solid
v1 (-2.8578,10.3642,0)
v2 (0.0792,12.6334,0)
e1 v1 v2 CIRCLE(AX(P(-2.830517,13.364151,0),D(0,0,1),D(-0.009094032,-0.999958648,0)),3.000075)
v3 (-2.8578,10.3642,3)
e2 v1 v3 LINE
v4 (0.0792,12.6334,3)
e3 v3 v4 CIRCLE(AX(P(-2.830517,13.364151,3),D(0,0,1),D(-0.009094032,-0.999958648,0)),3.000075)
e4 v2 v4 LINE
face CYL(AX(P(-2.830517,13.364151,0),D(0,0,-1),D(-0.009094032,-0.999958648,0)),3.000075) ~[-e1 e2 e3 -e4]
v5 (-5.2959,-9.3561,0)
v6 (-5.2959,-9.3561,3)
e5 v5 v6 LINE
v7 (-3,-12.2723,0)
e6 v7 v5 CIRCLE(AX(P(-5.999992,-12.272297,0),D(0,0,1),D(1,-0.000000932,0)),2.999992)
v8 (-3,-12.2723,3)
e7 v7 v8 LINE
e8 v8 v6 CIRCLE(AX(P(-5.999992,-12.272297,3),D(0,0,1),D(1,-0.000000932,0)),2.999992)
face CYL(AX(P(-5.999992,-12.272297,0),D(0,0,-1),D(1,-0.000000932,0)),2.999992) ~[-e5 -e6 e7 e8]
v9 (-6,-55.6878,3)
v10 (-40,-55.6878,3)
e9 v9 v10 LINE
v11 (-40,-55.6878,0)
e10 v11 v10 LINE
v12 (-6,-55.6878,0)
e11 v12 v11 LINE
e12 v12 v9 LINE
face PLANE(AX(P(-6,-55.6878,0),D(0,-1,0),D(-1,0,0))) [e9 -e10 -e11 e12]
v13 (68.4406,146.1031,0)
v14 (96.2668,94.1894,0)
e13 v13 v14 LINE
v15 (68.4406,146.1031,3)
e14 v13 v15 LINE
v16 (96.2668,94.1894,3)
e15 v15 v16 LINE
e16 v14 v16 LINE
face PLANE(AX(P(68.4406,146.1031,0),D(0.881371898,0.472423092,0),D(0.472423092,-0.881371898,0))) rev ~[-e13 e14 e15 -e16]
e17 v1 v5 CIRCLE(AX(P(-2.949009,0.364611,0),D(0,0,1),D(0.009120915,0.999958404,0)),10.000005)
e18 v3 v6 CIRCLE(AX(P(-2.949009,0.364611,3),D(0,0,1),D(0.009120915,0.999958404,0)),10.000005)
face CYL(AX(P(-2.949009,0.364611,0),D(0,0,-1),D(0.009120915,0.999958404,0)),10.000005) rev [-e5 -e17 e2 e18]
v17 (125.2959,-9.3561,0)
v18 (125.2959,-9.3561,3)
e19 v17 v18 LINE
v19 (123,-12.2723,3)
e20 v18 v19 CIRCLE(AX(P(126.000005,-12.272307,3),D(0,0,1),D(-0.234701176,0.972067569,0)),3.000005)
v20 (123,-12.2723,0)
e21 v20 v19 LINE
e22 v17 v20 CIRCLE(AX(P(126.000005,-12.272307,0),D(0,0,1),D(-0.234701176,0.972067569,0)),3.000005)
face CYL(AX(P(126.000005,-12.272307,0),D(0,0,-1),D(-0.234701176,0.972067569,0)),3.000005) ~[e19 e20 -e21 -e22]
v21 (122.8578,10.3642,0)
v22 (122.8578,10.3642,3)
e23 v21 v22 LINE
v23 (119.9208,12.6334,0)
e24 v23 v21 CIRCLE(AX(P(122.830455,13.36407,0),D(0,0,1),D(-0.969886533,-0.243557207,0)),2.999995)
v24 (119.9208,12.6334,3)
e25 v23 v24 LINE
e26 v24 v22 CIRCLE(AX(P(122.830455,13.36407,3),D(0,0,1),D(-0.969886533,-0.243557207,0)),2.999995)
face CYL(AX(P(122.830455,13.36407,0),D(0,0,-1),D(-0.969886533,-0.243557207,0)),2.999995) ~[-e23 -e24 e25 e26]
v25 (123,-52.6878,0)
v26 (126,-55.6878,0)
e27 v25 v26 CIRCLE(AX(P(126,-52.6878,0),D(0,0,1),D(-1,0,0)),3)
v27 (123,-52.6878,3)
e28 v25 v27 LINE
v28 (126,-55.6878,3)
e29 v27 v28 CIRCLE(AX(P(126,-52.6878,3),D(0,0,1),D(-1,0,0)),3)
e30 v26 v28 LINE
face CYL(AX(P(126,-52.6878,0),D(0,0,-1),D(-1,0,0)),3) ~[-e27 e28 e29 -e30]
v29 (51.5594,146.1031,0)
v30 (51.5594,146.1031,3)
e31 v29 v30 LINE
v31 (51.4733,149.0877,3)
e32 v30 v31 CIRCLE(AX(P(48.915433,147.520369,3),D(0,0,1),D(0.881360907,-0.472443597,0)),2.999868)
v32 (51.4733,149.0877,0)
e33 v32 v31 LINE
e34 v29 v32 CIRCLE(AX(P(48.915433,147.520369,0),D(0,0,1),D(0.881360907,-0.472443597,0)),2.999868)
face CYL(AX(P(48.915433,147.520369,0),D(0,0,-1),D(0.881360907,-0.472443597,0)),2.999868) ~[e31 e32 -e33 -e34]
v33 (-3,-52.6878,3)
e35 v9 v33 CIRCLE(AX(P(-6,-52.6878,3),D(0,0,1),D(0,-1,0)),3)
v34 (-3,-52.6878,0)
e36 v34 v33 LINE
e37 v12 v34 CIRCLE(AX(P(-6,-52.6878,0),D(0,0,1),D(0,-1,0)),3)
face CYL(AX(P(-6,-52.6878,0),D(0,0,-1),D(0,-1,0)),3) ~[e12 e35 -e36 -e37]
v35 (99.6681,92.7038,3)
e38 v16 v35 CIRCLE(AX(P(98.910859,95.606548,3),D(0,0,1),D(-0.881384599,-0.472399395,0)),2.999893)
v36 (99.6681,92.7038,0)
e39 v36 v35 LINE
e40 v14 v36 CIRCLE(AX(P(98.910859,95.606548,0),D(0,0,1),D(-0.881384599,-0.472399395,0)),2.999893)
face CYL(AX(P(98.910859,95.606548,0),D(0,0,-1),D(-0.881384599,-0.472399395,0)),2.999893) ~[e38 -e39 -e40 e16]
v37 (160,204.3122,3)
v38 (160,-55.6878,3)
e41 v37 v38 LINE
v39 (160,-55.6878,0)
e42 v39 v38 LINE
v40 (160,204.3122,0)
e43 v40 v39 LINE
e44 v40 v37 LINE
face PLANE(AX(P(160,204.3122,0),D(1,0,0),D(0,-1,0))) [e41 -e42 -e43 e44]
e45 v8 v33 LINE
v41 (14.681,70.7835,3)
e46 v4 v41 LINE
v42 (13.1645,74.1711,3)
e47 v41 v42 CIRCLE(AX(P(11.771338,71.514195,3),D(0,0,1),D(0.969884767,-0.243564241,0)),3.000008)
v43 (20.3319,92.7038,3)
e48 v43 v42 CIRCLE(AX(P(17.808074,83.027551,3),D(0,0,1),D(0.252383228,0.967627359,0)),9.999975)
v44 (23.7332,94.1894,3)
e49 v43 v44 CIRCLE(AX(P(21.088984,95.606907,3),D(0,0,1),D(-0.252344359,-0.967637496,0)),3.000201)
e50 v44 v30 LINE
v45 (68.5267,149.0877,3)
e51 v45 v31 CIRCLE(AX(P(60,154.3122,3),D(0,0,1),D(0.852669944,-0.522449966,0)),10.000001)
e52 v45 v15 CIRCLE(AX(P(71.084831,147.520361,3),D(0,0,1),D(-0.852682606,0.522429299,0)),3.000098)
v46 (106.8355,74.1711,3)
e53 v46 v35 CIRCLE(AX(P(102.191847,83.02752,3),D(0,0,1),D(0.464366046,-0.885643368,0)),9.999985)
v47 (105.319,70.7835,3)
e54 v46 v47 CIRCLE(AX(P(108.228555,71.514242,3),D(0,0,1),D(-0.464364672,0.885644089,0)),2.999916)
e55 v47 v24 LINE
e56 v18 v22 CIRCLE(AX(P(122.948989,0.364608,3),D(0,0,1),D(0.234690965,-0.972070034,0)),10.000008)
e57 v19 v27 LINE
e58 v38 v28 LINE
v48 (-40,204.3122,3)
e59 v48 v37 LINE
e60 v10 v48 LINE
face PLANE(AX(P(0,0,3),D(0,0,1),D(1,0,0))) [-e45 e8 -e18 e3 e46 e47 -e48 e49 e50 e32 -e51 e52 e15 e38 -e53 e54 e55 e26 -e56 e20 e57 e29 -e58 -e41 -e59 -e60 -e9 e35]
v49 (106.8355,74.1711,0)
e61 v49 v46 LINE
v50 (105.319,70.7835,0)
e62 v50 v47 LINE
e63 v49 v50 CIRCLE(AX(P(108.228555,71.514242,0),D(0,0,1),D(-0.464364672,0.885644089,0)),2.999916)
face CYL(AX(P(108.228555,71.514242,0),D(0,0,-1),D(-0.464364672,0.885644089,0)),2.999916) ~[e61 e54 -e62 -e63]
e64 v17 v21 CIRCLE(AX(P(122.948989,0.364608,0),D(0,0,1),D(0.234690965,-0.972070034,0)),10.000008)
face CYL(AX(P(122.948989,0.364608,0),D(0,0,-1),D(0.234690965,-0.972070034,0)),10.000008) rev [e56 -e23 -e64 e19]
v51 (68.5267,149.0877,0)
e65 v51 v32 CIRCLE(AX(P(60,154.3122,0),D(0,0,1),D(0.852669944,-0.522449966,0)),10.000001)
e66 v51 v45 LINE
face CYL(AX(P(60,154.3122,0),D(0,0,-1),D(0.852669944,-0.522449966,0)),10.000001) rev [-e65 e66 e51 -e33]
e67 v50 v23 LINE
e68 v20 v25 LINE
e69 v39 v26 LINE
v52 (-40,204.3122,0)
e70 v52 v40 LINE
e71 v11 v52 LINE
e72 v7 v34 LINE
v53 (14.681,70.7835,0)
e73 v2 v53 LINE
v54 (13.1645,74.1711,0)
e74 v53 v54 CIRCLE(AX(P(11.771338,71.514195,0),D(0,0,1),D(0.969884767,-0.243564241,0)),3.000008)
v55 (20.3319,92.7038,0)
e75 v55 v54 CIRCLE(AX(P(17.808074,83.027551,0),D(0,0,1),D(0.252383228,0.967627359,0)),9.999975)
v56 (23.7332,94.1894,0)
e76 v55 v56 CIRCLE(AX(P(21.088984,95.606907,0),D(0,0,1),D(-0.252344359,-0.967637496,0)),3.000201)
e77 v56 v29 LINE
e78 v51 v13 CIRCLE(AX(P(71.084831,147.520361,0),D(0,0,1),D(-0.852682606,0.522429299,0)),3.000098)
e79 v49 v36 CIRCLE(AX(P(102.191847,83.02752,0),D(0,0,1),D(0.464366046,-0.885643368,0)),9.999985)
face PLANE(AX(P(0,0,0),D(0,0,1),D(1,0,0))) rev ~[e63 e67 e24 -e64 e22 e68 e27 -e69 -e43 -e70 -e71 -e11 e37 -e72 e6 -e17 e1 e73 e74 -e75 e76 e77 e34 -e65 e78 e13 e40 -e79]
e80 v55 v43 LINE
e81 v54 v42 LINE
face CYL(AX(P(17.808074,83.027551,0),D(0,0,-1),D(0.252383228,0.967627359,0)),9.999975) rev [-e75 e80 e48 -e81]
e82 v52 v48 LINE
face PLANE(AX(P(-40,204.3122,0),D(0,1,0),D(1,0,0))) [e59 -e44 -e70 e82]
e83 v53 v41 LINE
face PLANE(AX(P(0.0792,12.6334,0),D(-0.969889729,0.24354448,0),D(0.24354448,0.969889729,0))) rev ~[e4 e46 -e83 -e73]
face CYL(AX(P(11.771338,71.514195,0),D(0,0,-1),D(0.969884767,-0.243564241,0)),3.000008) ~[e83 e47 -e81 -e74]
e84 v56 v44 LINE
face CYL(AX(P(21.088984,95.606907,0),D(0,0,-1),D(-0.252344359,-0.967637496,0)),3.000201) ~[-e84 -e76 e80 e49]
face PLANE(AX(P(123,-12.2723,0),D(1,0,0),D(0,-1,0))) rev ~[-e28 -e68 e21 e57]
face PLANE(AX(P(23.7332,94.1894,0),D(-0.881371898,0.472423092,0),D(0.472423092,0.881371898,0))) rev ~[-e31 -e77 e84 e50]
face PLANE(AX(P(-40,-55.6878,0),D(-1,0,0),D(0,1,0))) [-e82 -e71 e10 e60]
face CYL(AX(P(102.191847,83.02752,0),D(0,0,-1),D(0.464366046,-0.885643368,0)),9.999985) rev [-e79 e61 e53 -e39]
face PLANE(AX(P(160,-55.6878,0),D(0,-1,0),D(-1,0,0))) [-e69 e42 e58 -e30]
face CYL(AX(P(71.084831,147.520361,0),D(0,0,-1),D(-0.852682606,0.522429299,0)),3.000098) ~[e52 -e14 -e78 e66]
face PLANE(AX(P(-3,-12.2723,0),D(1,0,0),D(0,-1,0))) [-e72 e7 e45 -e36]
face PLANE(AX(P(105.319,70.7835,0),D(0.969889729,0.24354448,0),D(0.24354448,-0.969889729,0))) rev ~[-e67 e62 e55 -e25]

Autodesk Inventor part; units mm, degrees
ref_plane "YZ Plane" through (0, 0, 0) normal (1, 0, 0) x (0, 1, 0)
ref_plane "XZ Plane" through (0, 0, 0) normal (0, 1, 0) x (-1, 0, 0)
ref_plane "XY Plane" through (0, 0, 0) normal (0, 0, 1) x (1, 0, 0)
ref_plane "Work Plane1" through (0, 0, 0) normal (0, 0, 1) x (1, 0, 0)
sketch "Sketch1" plane through (0, 0, 0) normal (0, 0, 1) x (1, 0, 0)
  line L0 (60, 154.3122) -> (60, -124.8582) construction
  line L1 (-40, -55.6878) -> (-40, 204.3122)
  line L2 (-40, 204.3122) -> (160, 204.3122)
  line L3 (160, 204.3122) -> (160, -55.6878)
  arc A0 (-2.8578, 10.3642) -> (-5.2959, -9.3561) centre (-2.949, 0.3646) ccw
  arc A1 (20.3319, 92.7038) -> (13.1645, 74.1711) centre (17.8081, 83.0275) ccw
  arc A2 (68.5267, 149.0877) -> (51.4733, 149.0877) centre (60, 154.3122) ccw
  arc A3 (106.8355, 74.1711) -> (99.6681, 92.7038) centre (102.1919, 83.0275) ccw
  arc A4 (125.2959, -9.3561) -> (122.8578, 10.3642) centre (122.949, 0.3646) ccw
  line L4 (-3, -12.2723) -> (-3, -52.6878)
  line L5 (0.0792, 12.6334) -> (14.681, 70.7835)
  line L6 (23.7332, 94.1894) -> (51.5594, 146.1031)
  line L7 (68.4406, 146.1031) -> (96.2668, 94.1894)
  line L8 (105.319, 70.7835) -> (119.9208, 12.6334)
  line L9 (123, -12.2723) -> (123, -52.6878)
  line L10 (160, -55.6878) -> (126, -55.6878)
  line L11 (-6, -55.6878) -> (-40, -55.6878)
  line L12 (-3, -0.4636) -> (-3, -80.75)
  line L13 (17.557, 82.2366) -> (-2.7968, 1.1803)
  line L14 (54.0507, 150.7511) -> (18.1545, 83.7816)
  line L15 (101.8455, 83.7816) -> (65.9493, 150.7511)
  line L16 (122.7968, 1.1803) -> (102.443, 82.2366)
  line L17 (123, -80.75) -> (123, -0.4636)
  arc A5 (-2.7968, 1.1803) -> (-3, -0.4636) centre (3.75, -0.4636) ccw
  arc A6 (18.1545, 83.7816) -> (17.557, 82.2366) centre (24.1037, 80.5927) ccw
  arc A7 (65.9493, 150.7511) -> (54.0507, 150.7511) centre (60, 147.5622) ccw
  arc A8 (102.443, 82.2366) -> (101.8455, 83.7816) centre (95.8963, 80.5927) ccw
  arc A9 (123, -0.4636) -> (122.7968, 1.1803) centre (116.25, -0.4636) ccw
  line L18 (60, 147.5622) -> (60, 430.3186) construction
  arc A10 (-6, -55.6878) -> (-3, -52.6878) centre (-6, -52.6878) ccw
  arc A11 (-3, -12.2723) -> (-5.2959, -9.3561) centre (-6, -12.2723) ccw
  arc A12 (-2.8578, 10.3642) -> (0.0792, 12.6334) centre (-2.8305, 13.3641) ccw
  arc A13 (14.681, 70.7835) -> (13.1645, 74.1711) centre (11.7714, 71.5142) ccw
  arc A14 (20.3319, 92.7038) -> (23.7332, 94.1894) centre (21.089, 95.6067) ccw
  arc A15 (51.5594, 146.1031) -> (51.4733, 149.0877) centre (48.9153, 147.5204) ccw
  arc A16 (68.5267, 149.0877) -> (68.4406, 146.1031) centre (71.0847, 147.5204) ccw
  arc A17 (96.2668, 94.1894) -> (99.6681, 92.7038) centre (98.911, 95.6067) ccw
  arc A18 (106.8355, 74.1711) -> (105.319, 70.7835) centre (108.2286, 71.5142) ccw
  arc A19 (119.9208, 12.6334) -> (122.8578, 10.3642) centre (122.8305, 13.3641) ccw
  arc A20 (125.2959, -9.3561) -> (123, -12.2723) centre (126, -12.2723) ccw
  arc A21 (123, -52.6878) -> (126, -55.6878) centre (126, -52.6878) ccw
  point P0 (0, 0)
  point P1 (-0.563, 10.0758)
  point P2 (-3, -9.6353)
  point P3 (22.4874, 91.8652)
  point P4 (15.3233, 73.3412)
  point P5 (67.5532, 147.7587)
  point P6 (52.4468, 147.7587)
  point P7 (104.6767, 73.3412)
  point P8 (97.5126, 91.8652)
  point P9 (123, -9.6353)
  point P10 (120.563, 10.0758)
  point P11 (97.5126, 91.8652)
  point P12 (123, -55.6878)
  point P13 (123, -55.6878)
  point P14 (-3, -55.6878)
  dimension "d0" = 200
  dimension "d1" = 100
  dimension "d2" = 260
  dimension "d3" = 50
  dimension "d4" = 10
  dimension "d5" = 10
  dimension "d6" = 10
  dimension "d7" = 10
  dimension "d8" = 10
  dimension "d9" = 3
extrude "Plate1" add sketch "Sketch1" along normal blind 3 contours L1 L2 L3 L10 A21 L9 A20 A4 A19 L8 A18 A3 A17 L7 A16 A2 A15 L6 A14 A1 A13 L5 A12 A0 A11 L4 A10 L11
equation "\"d1\" = 0.5 * d0"
equation "\"d5\" = d4"
equation "\"d6\" = d4"
equation "\"d7\" = d4"
equation "\"d8\" = d4"
equation "\"d10\" = Thickness"
equation "\"BendRadius\" = Thickness"
equation "\"BendReliefWidth\" = Thickness"
equation "\"BendReliefDepth\" = 0.5 * Thickness"
equation "\"CornerReliefSize\" = 4 * Thickness"
equation "\"MinimumRemnant\" = 2 * Thickness"
equation "\"TransitionRadius\" = BendRadius"
equation "\"JacobiRadiusSize\" = BendRadius"
equation "\"GapSize\" = Thickness"
equation "\"Thickness\" = 3"
properties part number "svejselære 1"
